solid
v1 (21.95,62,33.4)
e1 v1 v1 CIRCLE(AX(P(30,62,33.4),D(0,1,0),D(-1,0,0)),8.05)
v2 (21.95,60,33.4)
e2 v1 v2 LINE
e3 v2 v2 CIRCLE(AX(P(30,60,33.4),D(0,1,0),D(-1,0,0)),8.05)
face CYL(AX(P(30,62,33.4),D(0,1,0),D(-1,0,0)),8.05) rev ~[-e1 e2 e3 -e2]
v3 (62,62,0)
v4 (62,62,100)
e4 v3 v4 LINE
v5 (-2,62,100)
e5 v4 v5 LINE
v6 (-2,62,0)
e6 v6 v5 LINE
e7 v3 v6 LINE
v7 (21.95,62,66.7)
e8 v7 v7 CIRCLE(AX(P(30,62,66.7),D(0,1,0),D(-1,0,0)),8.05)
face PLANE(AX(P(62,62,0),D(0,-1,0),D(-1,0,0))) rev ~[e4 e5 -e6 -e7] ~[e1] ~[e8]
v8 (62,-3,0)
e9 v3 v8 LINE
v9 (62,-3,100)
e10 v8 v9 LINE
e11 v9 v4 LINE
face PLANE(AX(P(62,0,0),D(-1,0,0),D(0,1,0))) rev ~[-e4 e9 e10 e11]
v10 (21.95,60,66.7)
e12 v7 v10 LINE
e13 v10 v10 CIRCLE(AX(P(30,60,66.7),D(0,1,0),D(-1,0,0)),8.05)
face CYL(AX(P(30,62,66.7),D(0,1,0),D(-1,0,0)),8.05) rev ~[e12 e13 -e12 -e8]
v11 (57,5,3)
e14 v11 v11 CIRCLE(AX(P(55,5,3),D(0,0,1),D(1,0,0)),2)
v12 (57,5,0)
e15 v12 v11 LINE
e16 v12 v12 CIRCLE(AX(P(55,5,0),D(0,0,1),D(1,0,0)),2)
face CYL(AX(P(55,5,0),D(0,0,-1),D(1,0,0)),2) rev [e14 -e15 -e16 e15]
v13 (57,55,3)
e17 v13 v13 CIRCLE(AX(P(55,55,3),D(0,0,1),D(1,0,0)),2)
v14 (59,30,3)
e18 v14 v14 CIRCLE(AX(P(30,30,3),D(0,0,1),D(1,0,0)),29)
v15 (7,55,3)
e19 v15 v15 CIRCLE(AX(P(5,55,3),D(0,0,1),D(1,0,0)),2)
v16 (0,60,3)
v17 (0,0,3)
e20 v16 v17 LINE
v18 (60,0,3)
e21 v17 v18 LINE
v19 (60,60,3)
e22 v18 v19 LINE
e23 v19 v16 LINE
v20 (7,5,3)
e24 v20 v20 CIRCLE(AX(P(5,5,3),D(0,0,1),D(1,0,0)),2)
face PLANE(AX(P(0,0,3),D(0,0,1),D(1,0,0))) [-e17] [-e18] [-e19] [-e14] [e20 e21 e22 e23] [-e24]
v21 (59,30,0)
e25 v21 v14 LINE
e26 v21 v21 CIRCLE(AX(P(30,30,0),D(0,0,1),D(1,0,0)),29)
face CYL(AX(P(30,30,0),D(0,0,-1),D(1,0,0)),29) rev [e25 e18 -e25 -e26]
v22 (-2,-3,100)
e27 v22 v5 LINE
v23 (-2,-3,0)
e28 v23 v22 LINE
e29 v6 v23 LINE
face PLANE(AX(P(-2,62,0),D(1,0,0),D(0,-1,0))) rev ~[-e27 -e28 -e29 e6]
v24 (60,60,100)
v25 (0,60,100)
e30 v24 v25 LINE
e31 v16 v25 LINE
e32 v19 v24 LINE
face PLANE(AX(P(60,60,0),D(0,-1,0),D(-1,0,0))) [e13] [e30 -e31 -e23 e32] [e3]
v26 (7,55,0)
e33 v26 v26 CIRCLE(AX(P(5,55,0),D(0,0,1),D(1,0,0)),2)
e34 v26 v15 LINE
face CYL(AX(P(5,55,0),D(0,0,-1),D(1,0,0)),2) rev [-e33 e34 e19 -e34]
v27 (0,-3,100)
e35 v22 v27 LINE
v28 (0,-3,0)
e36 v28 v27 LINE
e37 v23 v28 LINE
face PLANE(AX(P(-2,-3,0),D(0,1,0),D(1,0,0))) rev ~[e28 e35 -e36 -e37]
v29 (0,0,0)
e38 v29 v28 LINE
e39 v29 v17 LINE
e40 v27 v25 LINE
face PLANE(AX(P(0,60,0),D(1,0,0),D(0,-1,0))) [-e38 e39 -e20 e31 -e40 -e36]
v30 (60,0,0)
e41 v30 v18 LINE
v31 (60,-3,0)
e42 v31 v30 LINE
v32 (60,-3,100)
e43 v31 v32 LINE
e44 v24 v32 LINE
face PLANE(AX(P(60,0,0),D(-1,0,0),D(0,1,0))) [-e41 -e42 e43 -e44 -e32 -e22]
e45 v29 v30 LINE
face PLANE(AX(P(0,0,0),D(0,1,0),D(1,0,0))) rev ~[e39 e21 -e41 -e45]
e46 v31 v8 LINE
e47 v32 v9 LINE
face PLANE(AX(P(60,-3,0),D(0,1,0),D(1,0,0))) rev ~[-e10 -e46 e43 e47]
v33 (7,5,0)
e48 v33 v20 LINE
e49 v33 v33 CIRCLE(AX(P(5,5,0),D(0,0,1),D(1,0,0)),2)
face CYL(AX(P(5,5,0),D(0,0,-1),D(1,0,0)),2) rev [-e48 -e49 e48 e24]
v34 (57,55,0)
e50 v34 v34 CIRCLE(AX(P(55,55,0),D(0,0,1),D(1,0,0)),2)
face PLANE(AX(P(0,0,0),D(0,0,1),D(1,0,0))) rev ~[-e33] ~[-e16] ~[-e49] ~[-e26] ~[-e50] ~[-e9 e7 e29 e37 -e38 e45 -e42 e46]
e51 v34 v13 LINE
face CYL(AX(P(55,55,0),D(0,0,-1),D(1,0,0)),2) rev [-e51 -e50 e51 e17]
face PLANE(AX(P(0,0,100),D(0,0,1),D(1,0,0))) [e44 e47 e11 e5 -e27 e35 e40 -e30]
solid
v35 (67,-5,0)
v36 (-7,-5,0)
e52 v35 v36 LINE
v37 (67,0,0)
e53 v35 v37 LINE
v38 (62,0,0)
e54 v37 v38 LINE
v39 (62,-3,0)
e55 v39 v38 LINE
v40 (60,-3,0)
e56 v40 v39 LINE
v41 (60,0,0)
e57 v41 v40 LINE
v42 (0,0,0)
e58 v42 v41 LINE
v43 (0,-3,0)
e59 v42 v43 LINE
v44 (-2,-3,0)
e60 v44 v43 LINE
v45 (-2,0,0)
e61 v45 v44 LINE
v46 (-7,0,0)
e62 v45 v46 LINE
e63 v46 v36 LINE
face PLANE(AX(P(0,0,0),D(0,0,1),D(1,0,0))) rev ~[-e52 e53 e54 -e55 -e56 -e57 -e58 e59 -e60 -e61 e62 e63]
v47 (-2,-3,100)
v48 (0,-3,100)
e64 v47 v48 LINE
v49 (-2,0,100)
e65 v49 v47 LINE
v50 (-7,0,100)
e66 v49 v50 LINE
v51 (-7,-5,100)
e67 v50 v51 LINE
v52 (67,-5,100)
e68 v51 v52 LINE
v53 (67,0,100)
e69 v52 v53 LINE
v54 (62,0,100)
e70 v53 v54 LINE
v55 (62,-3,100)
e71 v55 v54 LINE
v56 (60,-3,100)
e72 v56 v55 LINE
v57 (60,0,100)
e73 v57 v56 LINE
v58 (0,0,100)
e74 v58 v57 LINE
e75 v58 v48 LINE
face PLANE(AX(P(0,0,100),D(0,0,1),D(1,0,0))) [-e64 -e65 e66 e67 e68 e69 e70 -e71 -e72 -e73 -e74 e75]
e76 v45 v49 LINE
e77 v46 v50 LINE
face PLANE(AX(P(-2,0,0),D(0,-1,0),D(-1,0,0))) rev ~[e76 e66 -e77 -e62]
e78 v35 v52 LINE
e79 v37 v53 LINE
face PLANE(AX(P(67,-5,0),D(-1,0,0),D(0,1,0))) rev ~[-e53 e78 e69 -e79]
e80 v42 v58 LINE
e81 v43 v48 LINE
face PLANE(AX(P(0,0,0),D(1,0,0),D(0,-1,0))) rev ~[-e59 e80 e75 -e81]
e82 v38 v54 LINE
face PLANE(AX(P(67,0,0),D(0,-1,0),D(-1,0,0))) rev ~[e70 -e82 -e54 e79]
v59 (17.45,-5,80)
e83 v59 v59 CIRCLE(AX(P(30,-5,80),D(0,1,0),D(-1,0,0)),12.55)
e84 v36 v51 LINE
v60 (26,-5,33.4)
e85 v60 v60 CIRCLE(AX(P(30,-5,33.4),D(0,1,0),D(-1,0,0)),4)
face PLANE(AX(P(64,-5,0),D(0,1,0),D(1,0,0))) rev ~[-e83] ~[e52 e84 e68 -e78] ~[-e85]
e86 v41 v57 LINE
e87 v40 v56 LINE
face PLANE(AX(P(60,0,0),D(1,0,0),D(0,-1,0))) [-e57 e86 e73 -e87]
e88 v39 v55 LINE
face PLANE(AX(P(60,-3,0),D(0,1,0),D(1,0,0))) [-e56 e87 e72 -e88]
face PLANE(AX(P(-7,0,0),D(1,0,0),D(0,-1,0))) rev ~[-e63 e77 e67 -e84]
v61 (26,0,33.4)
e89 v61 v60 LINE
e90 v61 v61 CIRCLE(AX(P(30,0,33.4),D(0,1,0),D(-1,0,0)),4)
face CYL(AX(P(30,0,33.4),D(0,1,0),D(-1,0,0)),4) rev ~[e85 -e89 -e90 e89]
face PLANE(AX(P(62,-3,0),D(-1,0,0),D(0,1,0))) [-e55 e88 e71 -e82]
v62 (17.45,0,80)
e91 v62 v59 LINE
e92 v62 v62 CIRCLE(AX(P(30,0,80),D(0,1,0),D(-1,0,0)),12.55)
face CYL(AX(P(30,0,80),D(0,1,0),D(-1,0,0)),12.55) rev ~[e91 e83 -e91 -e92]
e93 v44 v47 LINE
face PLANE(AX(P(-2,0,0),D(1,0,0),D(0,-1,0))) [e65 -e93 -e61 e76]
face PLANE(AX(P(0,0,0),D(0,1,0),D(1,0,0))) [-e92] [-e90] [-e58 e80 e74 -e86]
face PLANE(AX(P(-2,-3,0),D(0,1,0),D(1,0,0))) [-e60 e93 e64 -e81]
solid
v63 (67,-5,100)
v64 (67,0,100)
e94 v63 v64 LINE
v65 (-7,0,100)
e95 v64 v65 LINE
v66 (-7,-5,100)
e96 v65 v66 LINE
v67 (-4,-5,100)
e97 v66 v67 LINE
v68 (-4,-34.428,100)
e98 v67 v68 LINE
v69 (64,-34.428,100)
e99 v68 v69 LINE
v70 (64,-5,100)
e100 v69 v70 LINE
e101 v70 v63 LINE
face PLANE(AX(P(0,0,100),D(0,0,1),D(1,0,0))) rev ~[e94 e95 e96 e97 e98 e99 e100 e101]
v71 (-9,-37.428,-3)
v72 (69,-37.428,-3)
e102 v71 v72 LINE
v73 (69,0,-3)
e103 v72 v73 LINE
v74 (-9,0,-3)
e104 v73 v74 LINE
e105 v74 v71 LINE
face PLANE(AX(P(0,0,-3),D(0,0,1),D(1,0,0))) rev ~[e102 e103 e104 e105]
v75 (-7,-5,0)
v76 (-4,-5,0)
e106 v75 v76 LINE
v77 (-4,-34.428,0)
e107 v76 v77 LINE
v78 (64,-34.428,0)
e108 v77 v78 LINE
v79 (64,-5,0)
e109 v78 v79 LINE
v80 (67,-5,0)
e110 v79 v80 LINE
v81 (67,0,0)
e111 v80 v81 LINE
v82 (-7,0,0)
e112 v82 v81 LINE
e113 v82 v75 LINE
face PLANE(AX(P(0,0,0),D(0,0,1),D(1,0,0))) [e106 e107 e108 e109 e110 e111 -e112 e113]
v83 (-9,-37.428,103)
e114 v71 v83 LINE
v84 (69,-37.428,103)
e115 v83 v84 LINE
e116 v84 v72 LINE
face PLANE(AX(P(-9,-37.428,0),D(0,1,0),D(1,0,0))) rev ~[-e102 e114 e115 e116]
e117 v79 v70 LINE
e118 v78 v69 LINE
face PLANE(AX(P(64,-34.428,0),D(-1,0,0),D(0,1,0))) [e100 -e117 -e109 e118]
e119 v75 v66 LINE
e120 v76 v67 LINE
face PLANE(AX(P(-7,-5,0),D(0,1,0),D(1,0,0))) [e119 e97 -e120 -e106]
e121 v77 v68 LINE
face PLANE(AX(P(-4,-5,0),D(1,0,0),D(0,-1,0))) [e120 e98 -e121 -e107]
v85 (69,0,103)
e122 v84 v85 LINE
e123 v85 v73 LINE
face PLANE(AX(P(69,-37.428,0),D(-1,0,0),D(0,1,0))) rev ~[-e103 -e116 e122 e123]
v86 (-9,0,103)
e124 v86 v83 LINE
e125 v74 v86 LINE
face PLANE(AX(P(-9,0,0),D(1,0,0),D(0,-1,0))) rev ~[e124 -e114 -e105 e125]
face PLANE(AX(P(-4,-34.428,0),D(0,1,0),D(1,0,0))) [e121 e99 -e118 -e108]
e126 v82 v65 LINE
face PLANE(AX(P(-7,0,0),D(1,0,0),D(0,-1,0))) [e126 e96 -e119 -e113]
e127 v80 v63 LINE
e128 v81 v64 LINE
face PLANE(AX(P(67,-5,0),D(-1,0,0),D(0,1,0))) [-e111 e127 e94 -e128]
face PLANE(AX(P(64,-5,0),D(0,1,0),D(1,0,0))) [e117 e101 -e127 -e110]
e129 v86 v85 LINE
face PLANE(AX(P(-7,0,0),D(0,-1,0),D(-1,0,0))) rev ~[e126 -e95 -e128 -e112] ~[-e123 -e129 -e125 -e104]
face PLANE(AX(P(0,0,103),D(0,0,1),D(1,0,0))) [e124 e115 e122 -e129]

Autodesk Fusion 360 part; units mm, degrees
sketch "Esquisse1" plane through (0, 0, 0) normal (0, 0, 1) x (1, 0, 0)
  line L0 (0, 0) -> (60, 0)
  line L1 (60, 0) -> (60, 60)
  line L2 (60, 60) -> (0, 60)
  line L3 (0, 60) -> (0, 0)
  line L4 (-2, -3) -> (62, -3)
  line L5 (62, -3) -> (62, 62)
  line L6 (62, 62) -> (-2, 62)
  line L7 (-2, 62) -> (-2, -3)
  circle A0 centre (30, 30) radius 29
  circle A1 centre (5, 55) radius 2
  circle A2 centre (55, 55) radius 2
  circle A3 centre (5, 5) radius 2
  circle A4 centre (55, 5) radius 2
  line L8 (0, 0) -> (0, -3)
  line L9 (60, 0) -> (60, -3)
  line L10 (0, 0) -> (-2, 0)
  line L11 (60, 0) -> (62, 0)
  line L12 (-2, 0) -> (-7, 0)
  line L13 (-7, 0) -> (-7, -5)
  line L14 (-7, -5) -> (67, -5)
  line L15 (67, -5) -> (67, 0)
  line L16 (67, 0) -> (62, 0)
  line L17 (-7, 0) -> (-9, 0)
  line L18 (-9, 0) -> (-9, -37.428)
  line L19 (-9, -37.428) -> (69, -37.428)
  line L20 (69, -37.428) -> (69, 0)
  line L21 (69, 0) -> (67, 0)
  line L22 (-7, -5) -> (-3.362, -5)
  line L23 (-4, -5) -> (-4, -34.428)
  line L24 (-4, -34.428) -> (64, -34.428)
  line L25 (64, -34.428) -> (64, -5)
  line L26 (64, -5) -> (67, -5)
  dimension "d1" = 60
  dimension "d2" = 60
  dimension "d3" = 2
  dimension "d4" = 2
  dimension "d5" = 2
  dimension "d6" = 3
  dimension "d7" = 58
  dimension "d8" = 30
  dimension "d9" = 30
  dimension "d10" = 4
  dimension "d11" = 4
  dimension "d12" = 4
  dimension "d13" = 4
  dimension "d14" = 5
  dimension "d15" = 5
  dimension "d16" = 5
  dimension "d17" = 5
  dimension "d18" = 5
  dimension "d19" = 5
  dimension "d20" = 5
  dimension "d21" = 5
  dimension "d51" = 5
  dimension "d52" = 5
  dimension "d53" = 2
  dimension "d56" = 2
  dimension "d57" = 2
  dimension "d58" = 5
  dimension "d59" = 3
  dimension "d60" = 5
extrude "Extrusion1" add sketch "Esquisse1" along normal blind 3 contours L0 L1 L2 L3 makes body 1
extrude "Extrusion2" add sketch "Esquisse1" along normal blind 100 and the other way blind 0 contours L1 L2 L3 L5 L6 L7 L10 L11 | L4 L7 L8 L10 | L4 L5 L9 L11 bodies 1
sketch "Esquisse3" plane through (0, 60, 0) normal (0, -1, 0) x (1, 0, 0)
  line L0 (0, 3) -> (60, 3)
  line L1 (60, 3) -> (60, 100)
  line L2 (60, 100) -> (0, 100)
  line L3 (0, 100) -> (0, 3)
  line L4 (44.0145, 78.9655) -> (49.4524, 81.5012)
  line L5 (49.4524, 81.5012) -> (41, 99.6274)
  line L6 (41, 99.6274) -> (35.5622, 97.0917)
  line L7 (35.5622, 97.0917) -> (44.0145, 78.9655)
  dimension "d37" = 20
  dimension "d38" = 6
  dimension "d39" = 25
  dimension "d40" = 19
extrude "Extrusion5" add sketch "Esquisse1" along normal blind 100 and the other way blind 0 separate body contours L0 L4 L8 L9 | L4 L5 L7 L12 L13 L14 L15 L16 L22 L26 makes body 2
extrude "Extrusion6" add sketch "Esquisse1" along normal blind 100 and the other way blind 0 separate body contours L13 L14 L15 L17 L18 L19 L20 L21 L22 L23 L24 L25 L26 makes body 3
sketch "Esquisse4" plane through (0, 0, 0) normal (0, 1, 0) x (-1, 0, 0)
  line L0 (0, 0) -> (0, 100)
  line L1 (0, 100) -> (-60, 100)
  line L2 (-60, 100) -> (-60, 0)
  line L3 (-60, 0) -> (0, 0)
  circle A0 centre (-30, 33.4) radius 4
  circle A1 centre (-30, 80) radius 12.55
  dimension "d90" = 8
  dimension "d91" = 25.1
  dimension "d92" = 20
  dimension "d93" = 30
  dimension "d94" = 30
  dimension "d95" = 66.6
sketch "Esquisse5" plane through (0, 62, 0) normal (0, 1, 0) x (-1, 0, 0)
  line L0 (2, 0) -> (2, 100)
  line L1 (2, 100) -> (-62, 100)
  line L2 (-62, 100) -> (-62, 0)
  line L3 (-62, 0) -> (2, 0)
  circle A0 centre (-30, 33.4) radius 8.05
  line L4 (0, 0) -> (0, 100)
  circle A1 centre (-30, 66.7) radius 8.05
  dimension "d81" = 16.1
  dimension "d83" = 30
  dimension "d84" = 66.6
  dimension "d85" = 16.1
  dimension "d86" = 30
  dimension "d87" = 33.3
extrude "Extrusion11" cut sketch "Esquisse5" against normal blind 5 contours A0 | A1 bodies 1
extrude "Extrusion12" cut sketch "Esquisse4" against normal blind 5 contours A0 | A1 bodies 2
extrude "Extrusion13" add sketch "Esquisse1" against normal blind 3 contours L0 L4 L8 L9 | L4 L7 L8 L10 | L4 L5 L9 L11 | L4 L5 L7 L12 L13 L14 L15 L16 L22 L26 | L13 L14 L15 L17 L18 L19 L20 L21 L22 L23 L24 L25 L26 | L14 L22 L23 L24 L25 bodies 3
extrude "Extrusion14" add sketch "Esquisse1" along normal blind 3 from surface at 100 contours L0 L4 L8 L9 | L4 L7 L8 L10 | L4 L5 L9 L11 | L4 L5 L7 L12 L13 L14 L15 L16 L22 L26 | L13 L14 L15 L17 L18 L19 L20 L21 L22 L23 L24 L25 L26 | L14 L22 L23 L24 L25 bodies 3
